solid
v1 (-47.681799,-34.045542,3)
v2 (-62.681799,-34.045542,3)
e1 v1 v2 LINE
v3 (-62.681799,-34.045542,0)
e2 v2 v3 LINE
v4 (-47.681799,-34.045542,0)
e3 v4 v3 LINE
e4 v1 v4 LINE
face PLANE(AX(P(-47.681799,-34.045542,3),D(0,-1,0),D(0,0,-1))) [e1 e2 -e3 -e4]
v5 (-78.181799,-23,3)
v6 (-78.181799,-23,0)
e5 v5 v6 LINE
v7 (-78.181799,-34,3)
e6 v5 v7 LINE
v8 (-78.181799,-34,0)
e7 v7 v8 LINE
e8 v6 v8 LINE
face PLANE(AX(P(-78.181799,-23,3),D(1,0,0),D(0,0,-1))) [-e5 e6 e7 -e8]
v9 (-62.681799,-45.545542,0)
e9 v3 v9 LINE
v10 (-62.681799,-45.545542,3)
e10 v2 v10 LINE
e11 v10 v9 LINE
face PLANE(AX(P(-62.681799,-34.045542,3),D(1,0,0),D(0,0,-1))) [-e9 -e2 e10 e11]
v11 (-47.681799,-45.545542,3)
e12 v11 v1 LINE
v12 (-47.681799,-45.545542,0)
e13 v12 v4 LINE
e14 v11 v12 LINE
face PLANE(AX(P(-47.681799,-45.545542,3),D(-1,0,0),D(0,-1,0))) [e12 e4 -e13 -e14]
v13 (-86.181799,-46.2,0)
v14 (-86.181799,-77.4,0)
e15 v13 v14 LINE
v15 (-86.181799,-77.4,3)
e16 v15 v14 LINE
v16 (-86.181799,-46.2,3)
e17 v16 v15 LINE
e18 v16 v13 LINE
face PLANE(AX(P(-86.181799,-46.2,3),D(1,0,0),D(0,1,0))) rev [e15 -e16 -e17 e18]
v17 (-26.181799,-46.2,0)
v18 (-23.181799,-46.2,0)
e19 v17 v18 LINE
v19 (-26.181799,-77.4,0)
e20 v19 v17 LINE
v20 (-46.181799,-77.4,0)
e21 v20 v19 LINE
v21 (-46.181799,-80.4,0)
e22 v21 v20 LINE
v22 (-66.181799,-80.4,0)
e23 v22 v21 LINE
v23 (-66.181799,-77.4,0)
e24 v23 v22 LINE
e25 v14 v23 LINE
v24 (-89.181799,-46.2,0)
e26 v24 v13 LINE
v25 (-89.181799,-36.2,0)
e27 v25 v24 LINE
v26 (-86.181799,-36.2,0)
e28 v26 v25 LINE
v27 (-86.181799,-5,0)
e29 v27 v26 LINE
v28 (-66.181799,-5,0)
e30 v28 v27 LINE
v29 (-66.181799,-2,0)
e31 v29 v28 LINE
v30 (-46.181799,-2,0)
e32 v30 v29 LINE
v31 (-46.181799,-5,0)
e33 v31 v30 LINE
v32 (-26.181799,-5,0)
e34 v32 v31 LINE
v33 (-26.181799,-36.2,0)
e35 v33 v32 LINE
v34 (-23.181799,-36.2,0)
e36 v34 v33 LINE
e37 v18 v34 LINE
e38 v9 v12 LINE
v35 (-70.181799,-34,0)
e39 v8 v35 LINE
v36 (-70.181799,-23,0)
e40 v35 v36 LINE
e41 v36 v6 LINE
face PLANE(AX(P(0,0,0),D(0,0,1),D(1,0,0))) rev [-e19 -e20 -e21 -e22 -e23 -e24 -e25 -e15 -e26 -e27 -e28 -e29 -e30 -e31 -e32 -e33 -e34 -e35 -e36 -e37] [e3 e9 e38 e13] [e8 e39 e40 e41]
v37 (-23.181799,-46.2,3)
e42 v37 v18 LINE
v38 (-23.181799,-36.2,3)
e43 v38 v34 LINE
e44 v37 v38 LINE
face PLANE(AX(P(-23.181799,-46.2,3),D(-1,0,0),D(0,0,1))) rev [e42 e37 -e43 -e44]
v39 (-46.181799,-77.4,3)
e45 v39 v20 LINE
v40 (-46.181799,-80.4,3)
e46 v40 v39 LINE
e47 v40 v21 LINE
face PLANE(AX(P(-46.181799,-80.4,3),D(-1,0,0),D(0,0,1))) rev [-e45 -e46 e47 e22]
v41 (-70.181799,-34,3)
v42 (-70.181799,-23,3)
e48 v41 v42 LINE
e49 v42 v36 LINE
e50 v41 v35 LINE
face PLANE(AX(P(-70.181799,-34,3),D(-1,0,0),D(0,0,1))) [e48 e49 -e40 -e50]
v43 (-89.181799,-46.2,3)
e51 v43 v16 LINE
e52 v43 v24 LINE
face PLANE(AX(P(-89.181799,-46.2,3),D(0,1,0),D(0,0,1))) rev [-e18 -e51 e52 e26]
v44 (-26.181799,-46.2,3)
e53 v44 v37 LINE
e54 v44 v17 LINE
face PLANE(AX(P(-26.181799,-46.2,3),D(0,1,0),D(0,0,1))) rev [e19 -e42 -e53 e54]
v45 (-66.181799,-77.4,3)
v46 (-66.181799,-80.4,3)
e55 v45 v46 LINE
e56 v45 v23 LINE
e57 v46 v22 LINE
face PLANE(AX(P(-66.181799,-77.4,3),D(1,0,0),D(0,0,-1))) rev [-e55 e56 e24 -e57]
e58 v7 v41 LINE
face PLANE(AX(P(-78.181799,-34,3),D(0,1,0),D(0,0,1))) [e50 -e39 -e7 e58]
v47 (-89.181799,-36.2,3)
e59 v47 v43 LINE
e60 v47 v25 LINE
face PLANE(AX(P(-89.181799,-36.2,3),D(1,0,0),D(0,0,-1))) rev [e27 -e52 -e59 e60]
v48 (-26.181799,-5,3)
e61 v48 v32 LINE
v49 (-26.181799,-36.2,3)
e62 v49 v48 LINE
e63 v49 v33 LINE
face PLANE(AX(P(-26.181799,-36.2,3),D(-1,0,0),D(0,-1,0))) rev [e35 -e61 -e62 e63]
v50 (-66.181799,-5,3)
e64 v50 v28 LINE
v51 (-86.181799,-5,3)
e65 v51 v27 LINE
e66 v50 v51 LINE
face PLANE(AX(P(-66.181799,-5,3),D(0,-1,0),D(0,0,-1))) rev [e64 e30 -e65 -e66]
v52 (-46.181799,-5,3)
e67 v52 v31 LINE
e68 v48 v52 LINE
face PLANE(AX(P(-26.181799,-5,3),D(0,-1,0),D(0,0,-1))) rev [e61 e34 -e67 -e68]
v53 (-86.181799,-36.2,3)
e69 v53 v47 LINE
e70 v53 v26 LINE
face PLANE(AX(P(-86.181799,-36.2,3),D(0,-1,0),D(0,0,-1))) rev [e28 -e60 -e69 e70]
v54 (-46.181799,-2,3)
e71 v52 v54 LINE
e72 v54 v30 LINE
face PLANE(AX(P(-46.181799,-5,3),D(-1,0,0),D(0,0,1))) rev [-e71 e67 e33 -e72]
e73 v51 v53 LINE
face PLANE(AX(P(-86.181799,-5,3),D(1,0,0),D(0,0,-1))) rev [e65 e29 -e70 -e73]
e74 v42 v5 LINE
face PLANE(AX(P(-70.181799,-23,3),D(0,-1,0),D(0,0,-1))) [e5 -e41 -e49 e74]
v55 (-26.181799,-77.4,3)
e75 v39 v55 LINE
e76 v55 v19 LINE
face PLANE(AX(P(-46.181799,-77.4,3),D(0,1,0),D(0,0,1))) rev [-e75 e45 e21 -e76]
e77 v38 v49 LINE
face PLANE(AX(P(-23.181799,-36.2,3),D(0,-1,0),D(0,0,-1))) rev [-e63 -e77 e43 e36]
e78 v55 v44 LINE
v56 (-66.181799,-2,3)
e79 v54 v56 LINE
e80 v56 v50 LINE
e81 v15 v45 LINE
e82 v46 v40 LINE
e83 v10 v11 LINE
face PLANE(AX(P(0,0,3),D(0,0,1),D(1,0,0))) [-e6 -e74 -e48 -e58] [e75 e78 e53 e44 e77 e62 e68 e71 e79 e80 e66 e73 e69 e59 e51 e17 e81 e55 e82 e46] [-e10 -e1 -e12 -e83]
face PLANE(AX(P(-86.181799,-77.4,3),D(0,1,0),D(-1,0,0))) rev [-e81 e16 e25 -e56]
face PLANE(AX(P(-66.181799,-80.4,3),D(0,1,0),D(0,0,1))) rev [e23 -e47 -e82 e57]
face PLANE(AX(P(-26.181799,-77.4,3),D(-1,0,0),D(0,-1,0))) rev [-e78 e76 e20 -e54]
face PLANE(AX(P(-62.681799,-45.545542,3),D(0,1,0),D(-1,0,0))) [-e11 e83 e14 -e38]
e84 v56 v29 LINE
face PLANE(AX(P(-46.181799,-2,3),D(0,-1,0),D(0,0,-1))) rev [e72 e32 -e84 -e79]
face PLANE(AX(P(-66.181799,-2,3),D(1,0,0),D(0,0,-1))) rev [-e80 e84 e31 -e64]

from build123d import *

# Parameters (mm, degrees)
MODEL_W             = 15
MODEL_H             = 11.5
MODEL_W_2           = 8
MODEL_H_2           = 11
BOSS_EXTRUDE1_DEPTH = 3


with BuildPart() as part:
    # Model → Boss-Extrude1 (new body)
    with BuildSketch(Plane.XY):
        Polygon((-66.181799476, -2), (-66.181799476, -5), (-86.181799476, -5), (-86.181799476, -36.2), (-89.181799476, -36.2), (-89.181799476, -46.2), (-86.181799476, -46.2), (-86.181799476, -77.4), (-66.181799476, -77.4), (-66.181799476, -80.4), (-46.181799476, -80.4), (-46.181799476, -77.4), (-26.181799476, -77.4), (-26.181799476, -46.2), (-23.181799476, -46.2), (-23.181799476, -36.2), (-26.181799476, -36.2), (-26.181799476, -5), (-46.181799476, -5), (-46.181799476, -2), align=None)
        with Locations((-55.181799476, -39.795541568)):
            Rectangle(MODEL_W, MODEL_H, mode=Mode.SUBTRACT)
        with Locations((-74.181799476, -28.5)):
            Rectangle(MODEL_W_2, MODEL_H_2, mode=Mode.SUBTRACT)
    extrude(amount=BOSS_EXTRUDE1_DEPTH)


solid = part.part
